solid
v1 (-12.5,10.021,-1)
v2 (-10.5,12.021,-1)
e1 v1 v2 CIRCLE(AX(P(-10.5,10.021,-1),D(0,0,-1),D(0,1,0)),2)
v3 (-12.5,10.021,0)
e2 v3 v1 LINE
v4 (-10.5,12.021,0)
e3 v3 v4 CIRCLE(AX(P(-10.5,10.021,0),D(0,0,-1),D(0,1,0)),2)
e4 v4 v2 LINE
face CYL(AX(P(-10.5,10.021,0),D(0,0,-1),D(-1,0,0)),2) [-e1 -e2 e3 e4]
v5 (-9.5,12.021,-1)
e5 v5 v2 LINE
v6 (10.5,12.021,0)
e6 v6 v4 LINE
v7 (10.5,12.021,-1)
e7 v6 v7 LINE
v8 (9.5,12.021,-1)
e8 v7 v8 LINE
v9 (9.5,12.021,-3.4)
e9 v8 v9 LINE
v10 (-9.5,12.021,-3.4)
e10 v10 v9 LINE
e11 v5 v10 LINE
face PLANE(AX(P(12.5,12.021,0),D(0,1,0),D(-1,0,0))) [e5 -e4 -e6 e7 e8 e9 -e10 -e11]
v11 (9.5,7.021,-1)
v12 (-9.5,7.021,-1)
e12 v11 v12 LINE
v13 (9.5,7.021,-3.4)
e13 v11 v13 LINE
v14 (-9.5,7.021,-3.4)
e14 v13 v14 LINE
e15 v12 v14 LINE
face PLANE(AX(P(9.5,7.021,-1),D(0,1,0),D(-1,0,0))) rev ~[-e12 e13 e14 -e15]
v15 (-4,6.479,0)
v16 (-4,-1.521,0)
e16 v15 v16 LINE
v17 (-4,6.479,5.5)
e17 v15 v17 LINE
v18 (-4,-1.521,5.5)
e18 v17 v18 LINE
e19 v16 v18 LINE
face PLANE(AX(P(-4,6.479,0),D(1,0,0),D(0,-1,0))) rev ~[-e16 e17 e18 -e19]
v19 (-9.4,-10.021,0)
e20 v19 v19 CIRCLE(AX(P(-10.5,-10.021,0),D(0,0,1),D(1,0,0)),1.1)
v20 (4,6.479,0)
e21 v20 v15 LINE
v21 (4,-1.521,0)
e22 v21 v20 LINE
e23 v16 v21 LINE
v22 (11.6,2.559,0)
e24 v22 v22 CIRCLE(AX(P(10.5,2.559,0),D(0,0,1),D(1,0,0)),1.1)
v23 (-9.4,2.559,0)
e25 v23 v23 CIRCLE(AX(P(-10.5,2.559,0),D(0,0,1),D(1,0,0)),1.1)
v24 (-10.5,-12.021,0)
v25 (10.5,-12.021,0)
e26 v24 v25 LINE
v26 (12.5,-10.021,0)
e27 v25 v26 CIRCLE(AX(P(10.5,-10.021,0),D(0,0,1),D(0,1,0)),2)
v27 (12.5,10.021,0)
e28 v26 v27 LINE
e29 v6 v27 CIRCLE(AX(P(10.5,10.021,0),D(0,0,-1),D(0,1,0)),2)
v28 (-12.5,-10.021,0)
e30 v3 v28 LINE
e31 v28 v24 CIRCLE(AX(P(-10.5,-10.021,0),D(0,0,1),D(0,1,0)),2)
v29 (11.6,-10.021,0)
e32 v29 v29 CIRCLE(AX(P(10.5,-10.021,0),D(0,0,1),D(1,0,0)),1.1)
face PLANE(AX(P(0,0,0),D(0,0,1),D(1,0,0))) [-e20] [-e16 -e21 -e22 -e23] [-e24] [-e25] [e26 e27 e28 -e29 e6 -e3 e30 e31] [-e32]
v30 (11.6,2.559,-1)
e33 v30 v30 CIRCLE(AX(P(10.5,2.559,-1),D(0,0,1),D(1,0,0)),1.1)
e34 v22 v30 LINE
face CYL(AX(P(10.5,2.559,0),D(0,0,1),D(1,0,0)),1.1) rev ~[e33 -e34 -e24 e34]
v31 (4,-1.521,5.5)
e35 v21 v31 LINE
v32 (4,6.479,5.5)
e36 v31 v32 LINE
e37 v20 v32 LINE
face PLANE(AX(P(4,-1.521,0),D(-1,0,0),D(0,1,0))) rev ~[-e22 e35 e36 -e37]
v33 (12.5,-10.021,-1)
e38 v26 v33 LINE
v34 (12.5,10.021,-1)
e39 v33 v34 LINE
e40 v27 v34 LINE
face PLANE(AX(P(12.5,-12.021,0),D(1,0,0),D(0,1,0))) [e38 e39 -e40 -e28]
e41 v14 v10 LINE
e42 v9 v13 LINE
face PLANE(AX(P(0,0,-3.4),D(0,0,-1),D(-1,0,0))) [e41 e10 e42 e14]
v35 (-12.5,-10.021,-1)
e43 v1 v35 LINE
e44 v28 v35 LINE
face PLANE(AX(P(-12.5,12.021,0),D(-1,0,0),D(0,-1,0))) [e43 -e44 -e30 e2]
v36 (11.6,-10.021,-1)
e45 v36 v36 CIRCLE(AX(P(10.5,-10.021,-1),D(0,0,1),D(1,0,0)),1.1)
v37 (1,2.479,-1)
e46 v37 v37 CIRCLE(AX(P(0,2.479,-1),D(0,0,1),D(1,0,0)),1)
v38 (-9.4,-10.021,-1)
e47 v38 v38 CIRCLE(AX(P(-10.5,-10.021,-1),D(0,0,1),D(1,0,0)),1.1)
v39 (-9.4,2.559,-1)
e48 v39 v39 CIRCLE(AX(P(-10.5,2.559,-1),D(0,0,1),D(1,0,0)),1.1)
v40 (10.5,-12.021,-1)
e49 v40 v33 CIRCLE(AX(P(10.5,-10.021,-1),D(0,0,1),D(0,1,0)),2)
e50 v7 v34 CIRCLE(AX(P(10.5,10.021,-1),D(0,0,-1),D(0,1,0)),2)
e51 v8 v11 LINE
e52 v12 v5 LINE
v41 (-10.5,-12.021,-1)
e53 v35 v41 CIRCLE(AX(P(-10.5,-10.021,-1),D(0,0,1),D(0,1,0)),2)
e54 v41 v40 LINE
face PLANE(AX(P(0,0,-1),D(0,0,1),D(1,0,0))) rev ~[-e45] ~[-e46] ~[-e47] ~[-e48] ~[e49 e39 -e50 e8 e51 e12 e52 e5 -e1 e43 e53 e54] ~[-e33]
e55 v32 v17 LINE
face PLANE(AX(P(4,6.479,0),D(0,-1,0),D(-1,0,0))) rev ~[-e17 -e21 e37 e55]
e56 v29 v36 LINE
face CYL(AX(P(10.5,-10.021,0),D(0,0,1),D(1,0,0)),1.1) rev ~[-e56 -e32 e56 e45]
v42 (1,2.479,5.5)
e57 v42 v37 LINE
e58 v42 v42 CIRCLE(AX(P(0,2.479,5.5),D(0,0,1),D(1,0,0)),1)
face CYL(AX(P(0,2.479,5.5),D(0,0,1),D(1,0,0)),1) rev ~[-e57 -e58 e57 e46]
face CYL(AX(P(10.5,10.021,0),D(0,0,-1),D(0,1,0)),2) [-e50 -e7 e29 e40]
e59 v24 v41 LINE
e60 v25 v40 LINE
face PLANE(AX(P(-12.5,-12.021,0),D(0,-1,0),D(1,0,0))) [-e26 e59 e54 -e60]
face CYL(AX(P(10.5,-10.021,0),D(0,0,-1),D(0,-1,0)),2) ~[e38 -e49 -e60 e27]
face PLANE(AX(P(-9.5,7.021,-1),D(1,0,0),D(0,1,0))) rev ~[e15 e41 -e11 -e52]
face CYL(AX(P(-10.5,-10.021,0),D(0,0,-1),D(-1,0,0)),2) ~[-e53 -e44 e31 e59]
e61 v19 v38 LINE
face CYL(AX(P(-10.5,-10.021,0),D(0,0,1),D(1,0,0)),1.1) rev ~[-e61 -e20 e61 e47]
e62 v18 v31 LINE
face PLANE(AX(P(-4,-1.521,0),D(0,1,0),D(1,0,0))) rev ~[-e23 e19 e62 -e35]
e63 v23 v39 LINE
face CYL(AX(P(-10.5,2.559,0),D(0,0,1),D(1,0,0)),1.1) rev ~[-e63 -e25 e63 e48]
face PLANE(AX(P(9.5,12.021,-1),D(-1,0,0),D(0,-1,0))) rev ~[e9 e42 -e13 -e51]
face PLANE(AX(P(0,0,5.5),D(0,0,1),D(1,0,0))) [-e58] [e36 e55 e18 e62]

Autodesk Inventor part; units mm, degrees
ref_plane "YZ Plane" through (0, 0, 0) normal (1, 0, 0) x (0, 1, 0)
ref_plane "XZ Plane" through (0, 0, 0) normal (0, 1, 0) x (-1, 0, 0)
ref_plane "XY Plane" through (0, 0, 0) normal (0, 0, 1) x (1, 0, 0)
sketch "Sketch1" plane through (0, 0, 0) normal (0, 0, 1) x (1, 0, 0)
  line L0 (-12.5, -12.021) -> (12.5, -12.021)
  line L1 (12.5, -12.021) -> (12.5, 12.021)
  line L2 (12.5, 12.021) -> (-12.5, 12.021)
  line L3 (-12.5, 12.021) -> (-12.5, -12.021)
  line L4 (-12.5, -12.021) -> (12.5, 12.021) construction
  line L5 (12.5, -12.021) -> (-12.5, 12.021) construction
  line L6 (-10.5, -10.021) -> (10.5, -10.021) construction
  line L7 (10.5, -10.021) -> (10.5, 2.559) construction
  line L8 (10.5, 2.559) -> (-10.5, 2.559) construction
  line L9 (-10.5, 2.559) -> (-10.5, -10.021) construction
  circle A0 centre (-10.5, -10.021) radius 1.1
  circle A1 centre (-10.5, 2.559) radius 1.1
  circle A2 centre (10.5, 2.559) radius 1.1
  circle A3 centre (10.5, -10.021) radius 1.1
  point P0 (0, 0)
  dimension "d0" = 2
  dimension "d1" = 2
  dimension "d2" = 2
  dimension "d3" = 12.58
  dimension "d4" = 9.462
  dimension "d5" = 25
  dimension "d6" = 2.2
extrude "Extrusion1" add sketch "Sketch1" against normal blind 1
sketch "Sketch2" plane through (0, 0, 0) normal (0, 0, 1) x (1, 0, 0)
  line L0 (-4, -1.521) -> (4, -1.521)
  line L1 (4, -1.521) -> (4, 6.479)
  line L2 (4, 6.479) -> (-4, 6.479)
  line L3 (-4, 6.479) -> (-4, -1.521)
  line L4 (-4, -1.521) -> (4, 6.479) construction
  line L5 (4, -1.521) -> (-4, 6.479) construction
  line L6 (-12.5, -12.021) -> (12.5, -12.021) projected
  point P0 (0, 0)
  point P1 (0, 2.479)
  dimension "d9" = 14.5
  dimension "d10" = 8
extrude "Extrusion2" add sketch "Sketch2" along normal blind 5.5
sketch "Sketch5" plane through (0, 0, 5.5) normal (0, 0, 1) x (1, 0, 0)
  line L0 (-4, -1.521) -> (-4, 6.479) construction
  line L1 (-4, -1.521) -> (4, -1.521) construction
  line L2 (-4, 6.479) -> (4, -1.521) construction
  line L3 (4, 6.479) -> (-4, 6.479) construction
  line L4 (4, 6.479) -> (-4, -1.521) construction
  circle A0 centre (0, 2.479) radius 1
  line L5 (0, 6.479) -> (0, -1.521) construction
  point P0 (0, 0)
  dimension "d13" = 2
extrude "Extrusion3" cut sketch "Sketch5" against normal through all
fillet "Fillet1" radius 2 4 edges at (-12.5, 12.021, -0.5) (12.5, 12.021, -0.5) (12.5, -12.021, -0.5) (-12.5, -12.021, -0.5)
sketch "Sketch6" plane through (0, 0, -1) normal (0, 0, -1) x (-1, 0, 0)
  line L0 (10.5, 12.021) -> (-10.5, 12.021) construction
  line L1 (0, 12.021) -> (0, -12.021) construction
  line L2 (-10.5, -12.021) -> (10.5, -12.021) construction
  line L3 (-9.5, 7.021) -> (9.5, 7.021)
  line L4 (9.5, 7.021) -> (9.5, 12.021)
  line L5 (9.5, 12.021) -> (-9.5, 12.021)
  line L6 (-9.5, 12.021) -> (-9.5, 7.021)
  line L7 (-9.5, 7.021) -> (9.5, 12.021) construction
  line L8 (9.5, 7.021) -> (-9.5, 12.021) construction
  point P0 (0, 0)
  point P1 (0, 9.521)
  dimension "d17" = 5
  dimension "d18" = 19
extrude "Extrusion4" add sketch "Sketch6" along normal blind 2.4
properties part number "RaspberryPiCameraModel"
